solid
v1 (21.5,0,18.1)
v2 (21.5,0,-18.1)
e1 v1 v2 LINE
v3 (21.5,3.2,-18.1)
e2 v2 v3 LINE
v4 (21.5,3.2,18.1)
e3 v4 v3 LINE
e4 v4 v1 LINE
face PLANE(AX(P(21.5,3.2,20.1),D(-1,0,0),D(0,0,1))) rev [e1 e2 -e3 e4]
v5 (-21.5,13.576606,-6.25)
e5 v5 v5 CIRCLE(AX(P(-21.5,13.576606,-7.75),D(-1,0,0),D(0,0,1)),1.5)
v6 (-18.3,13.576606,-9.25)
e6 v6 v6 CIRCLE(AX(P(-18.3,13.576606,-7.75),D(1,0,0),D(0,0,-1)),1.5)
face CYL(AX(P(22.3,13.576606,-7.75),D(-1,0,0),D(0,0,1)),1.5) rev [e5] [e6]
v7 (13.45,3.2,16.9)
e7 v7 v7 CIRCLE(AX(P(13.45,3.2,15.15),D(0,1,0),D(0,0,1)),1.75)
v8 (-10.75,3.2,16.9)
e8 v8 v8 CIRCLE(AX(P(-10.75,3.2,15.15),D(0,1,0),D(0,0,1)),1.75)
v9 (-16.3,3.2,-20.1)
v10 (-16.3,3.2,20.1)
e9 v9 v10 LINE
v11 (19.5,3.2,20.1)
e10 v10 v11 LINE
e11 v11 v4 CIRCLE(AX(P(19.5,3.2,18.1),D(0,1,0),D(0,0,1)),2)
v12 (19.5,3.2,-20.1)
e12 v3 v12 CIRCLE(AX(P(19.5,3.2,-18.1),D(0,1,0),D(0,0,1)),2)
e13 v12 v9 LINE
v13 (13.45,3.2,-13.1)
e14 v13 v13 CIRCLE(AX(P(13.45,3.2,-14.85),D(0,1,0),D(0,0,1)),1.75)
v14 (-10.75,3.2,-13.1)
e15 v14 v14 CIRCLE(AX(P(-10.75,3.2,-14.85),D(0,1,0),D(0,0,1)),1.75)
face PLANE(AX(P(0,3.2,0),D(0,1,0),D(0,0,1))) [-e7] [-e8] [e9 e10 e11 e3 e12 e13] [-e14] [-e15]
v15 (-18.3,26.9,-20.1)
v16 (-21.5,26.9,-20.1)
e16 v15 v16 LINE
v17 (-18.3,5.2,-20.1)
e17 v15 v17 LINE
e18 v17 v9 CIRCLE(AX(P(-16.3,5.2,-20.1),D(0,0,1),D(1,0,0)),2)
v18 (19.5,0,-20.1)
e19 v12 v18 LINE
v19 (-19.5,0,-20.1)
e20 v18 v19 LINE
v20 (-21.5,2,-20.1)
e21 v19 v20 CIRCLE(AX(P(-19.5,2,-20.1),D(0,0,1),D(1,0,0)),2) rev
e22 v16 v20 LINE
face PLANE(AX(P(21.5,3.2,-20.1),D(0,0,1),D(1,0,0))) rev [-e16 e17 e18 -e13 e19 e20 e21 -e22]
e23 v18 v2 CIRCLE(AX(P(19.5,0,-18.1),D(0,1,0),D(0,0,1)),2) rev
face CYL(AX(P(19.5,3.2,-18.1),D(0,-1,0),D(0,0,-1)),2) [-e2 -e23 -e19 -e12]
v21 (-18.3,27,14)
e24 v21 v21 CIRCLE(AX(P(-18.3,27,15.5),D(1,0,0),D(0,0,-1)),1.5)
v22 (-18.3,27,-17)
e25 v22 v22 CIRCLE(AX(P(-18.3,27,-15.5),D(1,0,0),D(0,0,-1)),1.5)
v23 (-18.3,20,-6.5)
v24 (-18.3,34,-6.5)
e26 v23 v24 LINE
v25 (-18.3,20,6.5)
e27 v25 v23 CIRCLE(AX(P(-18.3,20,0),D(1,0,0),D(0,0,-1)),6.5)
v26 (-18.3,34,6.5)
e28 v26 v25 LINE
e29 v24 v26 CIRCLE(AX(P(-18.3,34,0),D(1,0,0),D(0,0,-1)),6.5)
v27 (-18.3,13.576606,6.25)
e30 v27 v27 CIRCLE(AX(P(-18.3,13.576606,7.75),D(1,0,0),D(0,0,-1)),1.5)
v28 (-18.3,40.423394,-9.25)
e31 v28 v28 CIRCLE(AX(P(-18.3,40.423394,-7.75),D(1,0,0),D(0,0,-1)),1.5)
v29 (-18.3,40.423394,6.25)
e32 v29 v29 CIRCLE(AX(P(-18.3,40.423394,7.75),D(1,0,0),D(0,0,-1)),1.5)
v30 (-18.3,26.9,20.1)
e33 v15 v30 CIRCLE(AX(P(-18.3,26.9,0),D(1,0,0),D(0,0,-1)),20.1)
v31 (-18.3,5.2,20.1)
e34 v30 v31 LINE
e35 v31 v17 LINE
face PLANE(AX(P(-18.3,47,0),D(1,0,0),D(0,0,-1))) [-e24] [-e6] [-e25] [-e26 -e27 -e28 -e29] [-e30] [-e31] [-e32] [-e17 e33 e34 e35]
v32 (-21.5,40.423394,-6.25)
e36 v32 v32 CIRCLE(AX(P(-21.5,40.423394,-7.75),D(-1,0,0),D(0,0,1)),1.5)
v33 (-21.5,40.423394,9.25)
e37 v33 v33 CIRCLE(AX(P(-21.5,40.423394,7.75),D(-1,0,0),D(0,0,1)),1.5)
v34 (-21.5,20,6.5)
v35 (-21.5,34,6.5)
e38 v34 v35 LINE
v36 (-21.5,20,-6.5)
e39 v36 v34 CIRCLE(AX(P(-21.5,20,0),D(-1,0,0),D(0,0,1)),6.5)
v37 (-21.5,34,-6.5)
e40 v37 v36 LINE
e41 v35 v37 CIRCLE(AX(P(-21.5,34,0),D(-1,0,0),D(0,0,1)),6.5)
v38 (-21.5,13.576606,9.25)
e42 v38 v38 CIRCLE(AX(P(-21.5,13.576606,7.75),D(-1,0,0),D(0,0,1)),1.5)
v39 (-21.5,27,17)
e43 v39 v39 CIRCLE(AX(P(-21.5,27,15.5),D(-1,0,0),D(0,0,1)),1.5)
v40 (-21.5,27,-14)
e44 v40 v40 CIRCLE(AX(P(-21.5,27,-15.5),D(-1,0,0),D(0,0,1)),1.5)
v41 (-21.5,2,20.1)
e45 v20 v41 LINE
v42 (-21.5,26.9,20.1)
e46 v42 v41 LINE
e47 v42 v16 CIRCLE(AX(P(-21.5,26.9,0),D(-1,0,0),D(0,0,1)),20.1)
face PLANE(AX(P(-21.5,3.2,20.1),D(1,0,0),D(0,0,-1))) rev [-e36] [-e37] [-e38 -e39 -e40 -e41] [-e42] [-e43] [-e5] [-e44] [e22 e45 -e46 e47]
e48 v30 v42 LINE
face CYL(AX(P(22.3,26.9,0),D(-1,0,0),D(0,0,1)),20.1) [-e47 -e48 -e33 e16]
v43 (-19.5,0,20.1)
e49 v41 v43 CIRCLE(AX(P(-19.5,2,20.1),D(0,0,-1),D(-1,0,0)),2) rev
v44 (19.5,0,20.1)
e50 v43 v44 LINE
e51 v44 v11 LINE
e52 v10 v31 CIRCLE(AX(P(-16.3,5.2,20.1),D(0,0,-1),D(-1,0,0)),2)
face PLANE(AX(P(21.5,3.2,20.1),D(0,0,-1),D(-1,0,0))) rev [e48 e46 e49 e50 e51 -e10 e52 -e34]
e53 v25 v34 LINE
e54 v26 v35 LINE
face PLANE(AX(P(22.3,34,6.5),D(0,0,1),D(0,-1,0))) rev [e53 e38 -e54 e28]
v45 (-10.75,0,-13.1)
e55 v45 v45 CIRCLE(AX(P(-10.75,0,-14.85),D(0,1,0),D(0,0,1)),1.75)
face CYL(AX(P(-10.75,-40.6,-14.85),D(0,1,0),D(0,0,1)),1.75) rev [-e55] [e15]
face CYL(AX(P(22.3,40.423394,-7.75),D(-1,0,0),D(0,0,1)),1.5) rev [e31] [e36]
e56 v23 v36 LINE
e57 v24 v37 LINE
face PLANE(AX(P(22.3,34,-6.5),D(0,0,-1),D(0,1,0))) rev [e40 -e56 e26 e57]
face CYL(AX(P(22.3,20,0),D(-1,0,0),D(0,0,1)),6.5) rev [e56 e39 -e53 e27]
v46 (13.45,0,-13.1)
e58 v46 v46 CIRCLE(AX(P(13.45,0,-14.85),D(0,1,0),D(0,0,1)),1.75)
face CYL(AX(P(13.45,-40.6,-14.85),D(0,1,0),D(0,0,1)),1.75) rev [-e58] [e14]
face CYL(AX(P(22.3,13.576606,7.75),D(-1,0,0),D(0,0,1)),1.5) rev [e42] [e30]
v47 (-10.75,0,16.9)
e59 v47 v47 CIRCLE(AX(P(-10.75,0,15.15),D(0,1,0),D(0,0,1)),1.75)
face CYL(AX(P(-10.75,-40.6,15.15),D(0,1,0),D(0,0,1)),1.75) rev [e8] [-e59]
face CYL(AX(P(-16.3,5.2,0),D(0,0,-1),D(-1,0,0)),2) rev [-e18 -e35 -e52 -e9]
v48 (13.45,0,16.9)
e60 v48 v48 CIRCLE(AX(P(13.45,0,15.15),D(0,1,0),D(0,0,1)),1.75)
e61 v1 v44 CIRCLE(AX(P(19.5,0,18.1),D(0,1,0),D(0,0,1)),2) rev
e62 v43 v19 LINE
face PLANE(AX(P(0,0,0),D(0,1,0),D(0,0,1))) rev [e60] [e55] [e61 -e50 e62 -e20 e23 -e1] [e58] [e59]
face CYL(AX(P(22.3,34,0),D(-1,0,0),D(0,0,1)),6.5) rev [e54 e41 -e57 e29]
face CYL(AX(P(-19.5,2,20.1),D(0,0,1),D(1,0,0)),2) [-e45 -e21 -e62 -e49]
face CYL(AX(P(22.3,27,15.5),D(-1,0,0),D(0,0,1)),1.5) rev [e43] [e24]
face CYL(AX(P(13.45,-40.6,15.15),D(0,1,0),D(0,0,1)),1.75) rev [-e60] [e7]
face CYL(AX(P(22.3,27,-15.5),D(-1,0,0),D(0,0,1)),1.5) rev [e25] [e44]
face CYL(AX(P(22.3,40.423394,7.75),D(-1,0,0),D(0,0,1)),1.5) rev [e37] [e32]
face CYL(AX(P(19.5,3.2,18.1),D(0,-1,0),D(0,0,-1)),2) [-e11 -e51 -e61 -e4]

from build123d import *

# Parameters (mm, degrees)
SKETCH_1_W          = 43
SKETCH_1_H          = 40.2
EXTRUDE_1_DEPTH     = 3.2
SKETCH_2_W          = 3.2
SKETCH_2_H          = 40.2
EXTRUDE_2_DEPTH     = 43.8
SKETCH_3_R          = 1.5
CUT_EXTRUDE_1_DEPTH = 43.8
CUT_EXTRUDE_2_DEPTH = 43.8
FILLET_1_R          = 2
FILLET_2_R          = 2
SKETCH_5_R          = 1.75
CUT_EXTRUDE_3_DEPTH = 43.8
FILLET_3_R          = 2


with BuildPart() as part:
    # 草图1 → 凸台-拉伸1 (new body)
    with BuildSketch(Plane(origin=(0, 0, 0), x_dir=(1, 0, 0), z_dir=(0, 1, 0))):
        Rectangle(SKETCH_1_W, SKETCH_1_H)
    extrude(amount=EXTRUDE_1_DEPTH)

    # 草图2 → 凸台-拉伸2 (add)
    with BuildSketch(Plane(origin=(0, 3.2, 0), x_dir=(1, 0, 0), z_dir=(0, 1, 0))):
        with Locations((-19.9, 0)):
            Rectangle(SKETCH_2_W, SKETCH_2_H)
    extrude(amount=EXTRUDE_2_DEPTH)

    # 草图3 → 切除-拉伸1 (cut)
    with BuildSketch(Plane.ZY.offset(21.5)):
        with Locations((-15.5, 27)):
            Circle(SKETCH_3_R)
        with Locations((-7.75, 40.423393759)):
            Circle(SKETCH_3_R)
        with Locations((7.75, 40.423393759)):
            Circle(SKETCH_3_R)
        with Locations((15.5, 27)):
            Circle(SKETCH_3_R)
        with Locations((7.75, 13.576606241)):
            Circle(SKETCH_3_R)
        with Locations((-7.75, 13.576606241)):
            Circle(SKETCH_3_R)
        with BuildLine():
            Line((-6.5, 34), (-6.5, 20))
            ThreePointArc((-6.5, 20), (0, 13.5), (6.5, 20))
            Line((6.5, 20), (6.5, 34))
            ThreePointArc((6.5, 34), (0, 40.5), (-6.5, 34))
        make_face()
    extrude(amount=-CUT_EXTRUDE_1_DEPTH, mode=Mode.SUBTRACT)

    # 草图4 → 切除-拉伸2 (cut)
    with BuildSketch(Plane.ZY.offset(21.5)):
        with BuildLine():
            Line((-20.1, 47), (-20.1, 26.9))
            ThreePointArc((-20.1, 26.9), (-14.21284635, 41.112846253), (-1.37e-07, 47))
            Line((-1.37e-07, 47), (-20.1, 47))
        make_face()
        with BuildLine():
            ThreePointArc((-1.37e-07, 47), (14.212846253, 41.11284635), (20.1, 26.9))
            Line((20.1, 26.9), (20.1, 47))
            Line((20.1, 47), (-1.37e-07, 47))
        make_face()
    extrude(amount=-CUT_EXTRUDE_2_DEPTH, mode=Mode.SUBTRACT)

    # 圆角1
    fillet_1_edges = [part.edges().sort_by_distance(p)[0] for p in [
        (-21.5, 0, 0),
    ]]
    fillet(fillet_1_edges, radius=FILLET_1_R)

    # 圆角2
    fillet_2_edges = [part.edges().sort_by_distance(p)[0] for p in [
        (-18.3, 3.2, 0),
    ]]
    fillet(fillet_2_edges, radius=FILLET_2_R)

    # 草图5 → 切除-拉伸3 (cut)
    with BuildSketch(Plane(origin=(0, 3.2, 0), x_dir=(1, 0, 0), z_dir=(0, 1, 0))):
        with Locations(Location((13.45, 14.85, 0), (0, 0, 270))):
            Circle(SKETCH_5_R)
        with Locations(Location((13.45, -15.15, 0), (0, 0, 270))):
            Circle(SKETCH_5_R)
        with Locations(Location((-10.75, -15.15, 0), (0, 0, 270))):
            Circle(SKETCH_5_R)
        with Locations(Location((-10.75, 14.85, 0), (0, 0, 270))):
            Circle(SKETCH_5_R)
    extrude(amount=-CUT_EXTRUDE_3_DEPTH, mode=Mode.SUBTRACT)

    # 圆角3
    fillet_3_edges = [part.edges().sort_by_distance(p)[0] for p in [
        (21.5, 1.6, -20.1),
        (21.5, 1.6, 20.1),
    ]]
    fillet(fillet_3_edges, radius=FILLET_3_R)


solid = part.part
